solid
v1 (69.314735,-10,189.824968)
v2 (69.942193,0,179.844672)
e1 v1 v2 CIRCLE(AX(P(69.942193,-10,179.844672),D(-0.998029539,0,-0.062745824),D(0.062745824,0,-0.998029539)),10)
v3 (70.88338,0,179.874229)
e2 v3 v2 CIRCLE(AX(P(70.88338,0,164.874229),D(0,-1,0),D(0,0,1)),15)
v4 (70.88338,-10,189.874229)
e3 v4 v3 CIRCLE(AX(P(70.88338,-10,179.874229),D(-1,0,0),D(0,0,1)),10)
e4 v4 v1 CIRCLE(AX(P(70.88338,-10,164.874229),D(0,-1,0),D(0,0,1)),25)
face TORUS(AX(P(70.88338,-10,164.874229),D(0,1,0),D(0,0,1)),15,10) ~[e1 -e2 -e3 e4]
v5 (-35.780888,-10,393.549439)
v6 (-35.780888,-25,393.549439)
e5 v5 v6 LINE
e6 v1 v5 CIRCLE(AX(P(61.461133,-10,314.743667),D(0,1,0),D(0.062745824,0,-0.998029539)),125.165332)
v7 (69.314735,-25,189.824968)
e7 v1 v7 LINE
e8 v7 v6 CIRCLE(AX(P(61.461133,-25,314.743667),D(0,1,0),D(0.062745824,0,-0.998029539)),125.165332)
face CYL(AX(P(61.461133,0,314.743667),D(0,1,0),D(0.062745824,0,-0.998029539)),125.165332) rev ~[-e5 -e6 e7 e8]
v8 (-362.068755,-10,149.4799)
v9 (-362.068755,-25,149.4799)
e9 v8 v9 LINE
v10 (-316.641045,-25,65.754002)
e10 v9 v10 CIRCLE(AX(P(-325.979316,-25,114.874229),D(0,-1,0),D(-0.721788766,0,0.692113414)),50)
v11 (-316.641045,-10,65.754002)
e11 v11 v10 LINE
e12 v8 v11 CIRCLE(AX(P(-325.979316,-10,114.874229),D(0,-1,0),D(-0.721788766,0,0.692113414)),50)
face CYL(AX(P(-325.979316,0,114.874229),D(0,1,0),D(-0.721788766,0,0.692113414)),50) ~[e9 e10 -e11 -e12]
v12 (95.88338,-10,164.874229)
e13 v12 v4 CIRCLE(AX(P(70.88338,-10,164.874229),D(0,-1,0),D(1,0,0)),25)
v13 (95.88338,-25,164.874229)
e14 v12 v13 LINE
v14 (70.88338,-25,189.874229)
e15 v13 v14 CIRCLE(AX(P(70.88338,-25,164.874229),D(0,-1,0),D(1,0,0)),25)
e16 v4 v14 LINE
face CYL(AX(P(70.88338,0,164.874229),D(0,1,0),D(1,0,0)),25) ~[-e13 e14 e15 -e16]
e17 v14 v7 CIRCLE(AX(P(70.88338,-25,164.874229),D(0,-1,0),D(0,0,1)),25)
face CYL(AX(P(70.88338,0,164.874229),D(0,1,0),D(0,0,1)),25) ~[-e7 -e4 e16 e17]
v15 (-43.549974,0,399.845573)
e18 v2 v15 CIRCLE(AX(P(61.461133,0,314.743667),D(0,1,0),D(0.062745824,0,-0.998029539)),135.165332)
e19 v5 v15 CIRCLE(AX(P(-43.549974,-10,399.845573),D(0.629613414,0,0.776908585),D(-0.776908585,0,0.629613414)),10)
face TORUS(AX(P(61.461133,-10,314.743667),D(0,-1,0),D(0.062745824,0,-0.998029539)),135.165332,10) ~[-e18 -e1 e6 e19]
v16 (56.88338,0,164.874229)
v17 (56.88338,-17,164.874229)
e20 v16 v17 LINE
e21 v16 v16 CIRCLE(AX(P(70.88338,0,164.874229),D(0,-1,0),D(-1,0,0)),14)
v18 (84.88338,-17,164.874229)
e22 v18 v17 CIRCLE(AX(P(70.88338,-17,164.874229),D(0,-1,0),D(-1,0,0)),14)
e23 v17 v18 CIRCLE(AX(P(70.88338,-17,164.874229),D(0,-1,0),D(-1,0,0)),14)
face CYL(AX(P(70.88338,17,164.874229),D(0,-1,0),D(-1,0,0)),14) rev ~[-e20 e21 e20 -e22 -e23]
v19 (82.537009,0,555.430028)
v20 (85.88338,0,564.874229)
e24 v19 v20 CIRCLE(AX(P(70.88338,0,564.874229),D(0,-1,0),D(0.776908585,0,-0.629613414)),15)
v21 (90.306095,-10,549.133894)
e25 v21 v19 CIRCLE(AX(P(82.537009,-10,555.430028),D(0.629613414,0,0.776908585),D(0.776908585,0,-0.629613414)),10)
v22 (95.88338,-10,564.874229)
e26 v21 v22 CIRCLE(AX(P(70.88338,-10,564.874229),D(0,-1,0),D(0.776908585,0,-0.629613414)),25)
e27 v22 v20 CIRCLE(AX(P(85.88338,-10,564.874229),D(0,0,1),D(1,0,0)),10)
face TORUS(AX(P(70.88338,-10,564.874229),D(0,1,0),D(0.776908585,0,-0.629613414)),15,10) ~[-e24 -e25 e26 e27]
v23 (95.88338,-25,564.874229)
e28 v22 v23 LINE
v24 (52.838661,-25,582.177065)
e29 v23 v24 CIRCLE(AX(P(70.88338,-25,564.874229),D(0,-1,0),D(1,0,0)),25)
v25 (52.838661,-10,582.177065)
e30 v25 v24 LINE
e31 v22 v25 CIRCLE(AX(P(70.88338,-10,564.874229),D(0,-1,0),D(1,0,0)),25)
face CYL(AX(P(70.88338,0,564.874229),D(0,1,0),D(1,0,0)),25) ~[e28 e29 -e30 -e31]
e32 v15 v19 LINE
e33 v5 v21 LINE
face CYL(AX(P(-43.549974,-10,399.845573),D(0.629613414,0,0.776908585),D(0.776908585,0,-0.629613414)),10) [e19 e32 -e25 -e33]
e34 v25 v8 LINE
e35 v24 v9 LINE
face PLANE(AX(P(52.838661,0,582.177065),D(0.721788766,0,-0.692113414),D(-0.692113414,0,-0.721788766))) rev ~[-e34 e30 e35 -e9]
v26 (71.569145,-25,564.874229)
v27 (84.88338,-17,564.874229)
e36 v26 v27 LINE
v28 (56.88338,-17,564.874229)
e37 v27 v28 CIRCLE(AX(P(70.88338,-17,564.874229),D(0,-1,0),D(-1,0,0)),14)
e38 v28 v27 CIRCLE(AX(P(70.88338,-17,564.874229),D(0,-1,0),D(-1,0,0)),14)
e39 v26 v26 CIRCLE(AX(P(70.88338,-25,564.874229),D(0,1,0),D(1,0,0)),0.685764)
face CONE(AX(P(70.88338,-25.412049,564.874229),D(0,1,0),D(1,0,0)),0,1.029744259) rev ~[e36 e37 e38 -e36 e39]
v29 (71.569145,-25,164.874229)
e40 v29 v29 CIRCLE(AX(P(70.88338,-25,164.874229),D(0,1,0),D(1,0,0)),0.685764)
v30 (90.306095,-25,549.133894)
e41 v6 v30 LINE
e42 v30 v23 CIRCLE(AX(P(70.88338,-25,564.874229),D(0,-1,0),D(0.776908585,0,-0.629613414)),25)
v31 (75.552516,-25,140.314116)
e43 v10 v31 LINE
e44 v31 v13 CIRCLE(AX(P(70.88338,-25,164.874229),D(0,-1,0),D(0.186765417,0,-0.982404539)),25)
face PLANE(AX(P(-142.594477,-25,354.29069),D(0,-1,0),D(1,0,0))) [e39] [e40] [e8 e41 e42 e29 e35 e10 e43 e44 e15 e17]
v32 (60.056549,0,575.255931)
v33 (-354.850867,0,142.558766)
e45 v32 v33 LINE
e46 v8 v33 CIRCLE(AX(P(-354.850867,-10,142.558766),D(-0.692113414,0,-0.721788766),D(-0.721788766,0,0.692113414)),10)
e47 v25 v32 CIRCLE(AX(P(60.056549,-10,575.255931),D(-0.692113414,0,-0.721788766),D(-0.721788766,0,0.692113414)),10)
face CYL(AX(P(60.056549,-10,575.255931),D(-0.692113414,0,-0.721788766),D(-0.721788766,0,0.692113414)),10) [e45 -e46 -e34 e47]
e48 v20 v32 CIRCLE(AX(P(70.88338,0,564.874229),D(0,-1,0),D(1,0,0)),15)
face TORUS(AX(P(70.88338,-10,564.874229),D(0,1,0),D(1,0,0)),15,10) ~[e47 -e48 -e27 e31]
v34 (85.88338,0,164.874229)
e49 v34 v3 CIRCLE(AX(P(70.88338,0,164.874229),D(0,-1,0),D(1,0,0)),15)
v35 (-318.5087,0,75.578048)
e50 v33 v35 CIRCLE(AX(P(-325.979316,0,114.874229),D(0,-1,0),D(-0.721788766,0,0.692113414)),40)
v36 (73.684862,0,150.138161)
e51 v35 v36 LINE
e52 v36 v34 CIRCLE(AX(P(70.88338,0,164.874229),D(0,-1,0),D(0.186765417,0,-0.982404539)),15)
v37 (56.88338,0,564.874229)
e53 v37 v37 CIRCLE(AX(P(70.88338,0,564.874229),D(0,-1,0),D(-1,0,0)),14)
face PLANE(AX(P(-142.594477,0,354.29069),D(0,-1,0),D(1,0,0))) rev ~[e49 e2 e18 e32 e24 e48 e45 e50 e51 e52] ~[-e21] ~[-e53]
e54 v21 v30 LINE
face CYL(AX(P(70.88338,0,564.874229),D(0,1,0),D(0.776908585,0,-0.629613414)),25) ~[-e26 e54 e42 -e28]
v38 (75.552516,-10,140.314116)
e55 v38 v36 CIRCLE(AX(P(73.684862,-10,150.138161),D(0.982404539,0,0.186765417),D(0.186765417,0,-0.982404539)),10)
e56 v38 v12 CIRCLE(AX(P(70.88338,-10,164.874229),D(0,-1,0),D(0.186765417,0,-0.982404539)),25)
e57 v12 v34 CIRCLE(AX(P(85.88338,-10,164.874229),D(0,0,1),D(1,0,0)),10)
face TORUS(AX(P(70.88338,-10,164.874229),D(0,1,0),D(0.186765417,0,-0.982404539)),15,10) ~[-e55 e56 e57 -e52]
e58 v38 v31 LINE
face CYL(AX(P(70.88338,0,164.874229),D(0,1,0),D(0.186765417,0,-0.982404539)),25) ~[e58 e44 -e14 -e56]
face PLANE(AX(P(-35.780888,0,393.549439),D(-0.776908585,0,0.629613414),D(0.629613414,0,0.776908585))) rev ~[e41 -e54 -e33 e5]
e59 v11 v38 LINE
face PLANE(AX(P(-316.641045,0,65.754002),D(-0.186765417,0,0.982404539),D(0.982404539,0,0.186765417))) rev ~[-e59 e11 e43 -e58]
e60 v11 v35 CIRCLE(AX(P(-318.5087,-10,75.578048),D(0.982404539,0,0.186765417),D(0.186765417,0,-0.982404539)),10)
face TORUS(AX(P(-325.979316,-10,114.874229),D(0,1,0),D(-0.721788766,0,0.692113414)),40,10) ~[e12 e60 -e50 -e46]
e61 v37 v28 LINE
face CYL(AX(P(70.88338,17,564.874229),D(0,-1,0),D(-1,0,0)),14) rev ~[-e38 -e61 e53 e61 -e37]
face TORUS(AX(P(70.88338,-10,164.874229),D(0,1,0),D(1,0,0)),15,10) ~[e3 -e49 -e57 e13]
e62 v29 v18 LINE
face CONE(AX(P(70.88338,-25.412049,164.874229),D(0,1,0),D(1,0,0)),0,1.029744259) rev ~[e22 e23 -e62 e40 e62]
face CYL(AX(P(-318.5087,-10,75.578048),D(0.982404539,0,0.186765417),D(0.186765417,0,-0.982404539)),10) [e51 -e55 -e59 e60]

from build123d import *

# Parameters (mm, degrees)
F1_DEPTH = 25
F2_D     = 28
F2_DEPTH = 17
F2_TIP   = 8.4120486664
F3_D     = 28
F3_DEPTH = 17
F3_TIP   = 8.4120486664
F4_R     = 10
F5_DEPTH = 25


with BuildPart() as f1:
    # F0 (on Front) → F1 (new body)
    with BuildSketch(Plane.XZ):
        with BuildLine():
            Line((-279.2028378171, 167.9137703829), (54.3474347586, 546.1242293713))
            ThreePointArc((54.3474347586, 546.1242293713), (45.905243427, 563.8289204578), (52.8386613021, 582.1770647105))
            Line((52.8386613021, 582.1770647105), (-362.0687545083, 149.4799000496))
            ThreePointArc((-362.0687545083, 149.4799000496), (-347.0310263397, 160.2264674692), (-329.1166074138, 164.7757063423))
            Line((-329.1166074138, 164.7757063423), (-279.2028378171, 167.9137703829))
        make_face()
        with BuildLine():
            ThreePointArc((70.8833804527, 539.8742293713), (62.0445456879, 541.488870704), (54.3474347586, 546.1242293713))
            Line((54.3474347586, 546.1242293713), (-279.2028378171, 167.9137703829))
            Line((-279.2028378171, 167.9137703829), (-215.3865282422, 171.9258830303))
            Line((-215.3865282422, 171.9258830303), (-35.7808883073, 393.5494389695))
            Line((-35.7808883073, 393.5494389695), (70.8833804527, 525.16732437))
            Line((70.8833804527, 525.16732437), (70.8833804527, 539.8742293713))
        make_face()
        with BuildLine():
            Line((-215.3865282422, 171.9258830303), (-279.2028378171, 167.9137703829))
            Line((-279.2028378171, 167.9137703829), (-292.9074248186, 152.3742293713))
            ThreePointArc((-292.9074248186, 152.3742293713), (-281.7851423828, 138.2595880387), (-276.3714791245, 121.1242293713))
            Line((-276.3714791245, 121.1242293713), (-254.3034374995, 123.904541279))
            Line((-254.3034374995, 123.904541279), (-215.3865282422, 171.9258830303))
        make_face()
        with BuildLine():
            Line((-35.7808883073, 393.5494389695), (-215.3865282422, 171.9258830303))
            Line((-215.3865282422, 171.9258830303), (69.3147348493, 189.8249678568))
            ThreePointArc((69.3147348493, 189.8249678568), (-49.7750455866, 257.3601064033), (-35.7808883073, 393.5494389695))
        make_face()
        with BuildLine():
            Line((54.3474347586, 546.1242293713), (61.788610321, 554.5617293713))
            ThreePointArc((61.788610321, 554.5617293713), (65.226110321, 577.4064995031), (84.6333804527, 564.8742293713))
            ThreePointArc((84.6333804527, 564.8742293713), (80.6060986941, 555.15151113), (70.8833804527, 551.1242293713))
            Line((70.8833804527, 551.1242293713), (70.8833804527, 539.8742293713))
            ThreePointArc((70.8833804527, 539.8742293713), (81.64190304, 542.3075683037), (90.3060950779, 549.1338940322))
            ThreePointArc((90.3060950779, 549.1338940322), (94.4478437994, 556.5246145787), (95.8833804527, 564.8742293713))
            ThreePointArc((95.8833804527, 564.8742293713), (80.2075968068, 588.0703279524), (52.8386613021, 582.1770647105))
            ThreePointArc((52.8386613021, 582.1770647105), (45.905243427, 563.8289204578), (54.3474347586, 546.1242293713))
        make_face()
        with BuildLine():
            ThreePointArc((70.8833804527, 551.1242293713), (66.0220213321, 552.0122821043), (61.788610321, 554.5617293713))
            Line((61.788610321, 554.5617293713), (54.3474347586, 546.1242293713))
            ThreePointArc((54.3474347586, 546.1242293713), (62.0445456879, 541.488870704), (70.8833804527, 539.8742293713))
            Line((70.8833804527, 539.8742293713), (70.8833804527, 551.1242293713))
        make_face()
        with BuildLine():
            Line((70.8833804527, 551.1242293713), (70.8833804527, 564.8742293713))
            Line((70.8833804527, 564.8742293713), (61.788610321, 554.5617293713))
            ThreePointArc((61.788610321, 554.5617293713), (66.0220213321, 552.0122821043), (70.8833804527, 551.1242293713))
        make_face()
        with BuildLine():
            Line((61.788610321, 554.5617293713), (70.8833804527, 564.8742293713))
            Line((70.8833804527, 564.8742293713), (70.8833804527, 551.1242293713))
            ThreePointArc((70.8833804527, 551.1242293713), (80.6060986941, 555.15151113), (84.6333804527, 564.8742293713))
            ThreePointArc((84.6333804527, 564.8742293713), (65.226110321, 577.4064995031), (61.788610321, 554.5617293713))
        make_face()
        with BuildLine():
            Line((69.3147348493, 189.8249678568), (-215.3865282422, 171.9258830303))
            Line((-215.3865282422, 171.9258830303), (-254.3034374995, 123.904541279))
            Line((-254.3034374995, 123.904541279), (46.0794619115, 161.7492293713))
            ThreePointArc((46.0794619115, 161.7492293713), (51.6235827444, 180.8134951083), (69.3147348493, 189.8249678568))
        make_face()
        with BuildLine():
            Line((-325.9793162069, 114.8742293713), (-306.136181374, 137.3742293713))
            ThreePointArc((-306.136181374, 137.3742293713), (-353.3224510399, 102.5310945383), (-295.9793162069, 114.8742293713))
            ThreePointArc((-295.9793162069, 114.8742293713), (-296.0381984298, 116.7529167476), (-296.2146139575, 118.6242293713))
            Line((-296.2146139575, 118.6242293713), (-325.9793162069, 114.8742293713))
        make_face()
        with BuildLine():
            Line((-306.136181374, 137.3742293713), (-292.9074248186, 152.3742293713))
            ThreePointArc((-292.9074248186, 152.3742293713), (-309.7784140786, 162.1767744427), (-329.1166074138, 164.7757063423))
            ThreePointArc((-329.1166074138, 164.7757063423), (-347.0310263397, 160.2264674692), (-362.0687545083, 149.4799000496))
            ThreePointArc((-362.0687545083, 149.4799000496), (-369.9271571596, 91.0291612104), (-316.6410453648, 65.7540024004))
            ThreePointArc((-316.6410453648, 65.7540024004), (-300.3237958419, 71.9580986651), (-287.1338869566, 83.3935586931))
            ThreePointArc((-287.1338869566, 83.3935586931), (-278.8503895137, 98.1749997861), (-275.9793162069, 114.8742293713))
            ThreePointArc((-275.9793162069, 114.8742293713), (-276.0774532451, 118.0053749985), (-276.3714791245, 121.1242293713))
            Line((-276.3714791245, 121.1242293713), (-296.2146139575, 118.6242293713))
            ThreePointArc((-296.2146139575, 118.6242293713), (-296.0381984298, 116.7529167476), (-295.9793162069, 114.8742293713))
            ThreePointArc((-295.9793162069, 114.8742293713), (-353.3224510399, 102.5310945383), (-306.136181374, 137.3742293713))
        make_face()
        with BuildLine():
            ThreePointArc((-276.3714791245, 121.1242293713), (-281.7851423828, 138.2595880387), (-292.9074248186, 152.3742293713))
            Line((-292.9074248186, 152.3742293713), (-306.136181374, 137.3742293713))
            ThreePointArc((-306.136181374, 137.3742293713), (-299.4628119124, 128.9054445717), (-296.2146139575, 118.6242293713))
            Line((-296.2146139575, 118.6242293713), (-276.3714791245, 121.1242293713))
        make_face()
        with BuildLine():
            Line((-292.9074248186, 152.3742293713), (-279.2028378171, 167.9137703829))
            Line((-279.2028378171, 167.9137703829), (-329.1166074138, 164.7757063423))
            ThreePointArc((-329.1166074138, 164.7757063423), (-309.7784140786, 162.1767744427), (-292.9074248186, 152.3742293713))
        make_face()
        with BuildLine():
            Line((-254.3034374995, 123.904541279), (-276.3714791245, 121.1242293713))
            ThreePointArc((-276.3714791245, 121.1242293713), (-276.0774532451, 118.0053749985), (-275.9793162069, 114.8742293713))
            ThreePointArc((-275.9793162069, 114.8742293713), (-278.8503895137, 98.1749997861), (-287.1338869566, 83.3935586931))
            Line((-287.1338869566, 83.3935586931), (-254.3034374995, 123.904541279))
        make_face()
        with BuildLine():
            Line((46.0794619115, 161.7492293713), (-254.3034374995, 123.904541279))
            Line((-254.3034374995, 123.904541279), (-287.1338869566, 83.3935586931))
            ThreePointArc((-287.1338869566, 83.3935586931), (-300.3237958419, 71.9580986651), (-316.6410453648, 65.7540024004))
            Line((-316.6410453648, 65.7540024004), (75.5525158738, 140.3141158858))
            ThreePointArc((75.5525158738, 140.3141158858), (56.1790139122, 144.6558811539), (46.0794619115, 161.7492293713))
        make_face()
        with BuildLine():
            ThreePointArc((-296.2146139575, 118.6242293713), (-299.4628119124, 128.9054445717), (-306.136181374, 137.3742293713))
            Line((-306.136181374, 137.3742293713), (-325.9793162069, 114.8742293713))
            Line((-325.9793162069, 114.8742293713), (-296.2146139575, 118.6242293713))
        make_face()
        with BuildLine():
            ThreePointArc((70.8833804527, 189.8742293713), (70.098670996, 189.8619109578), (69.3147348493, 189.8249678568))
            ThreePointArc((69.3147348493, 189.8249678568), (51.6235827444, 180.8134951083), (46.0794619115, 161.7492293713))
            Line((46.0794619115, 161.7492293713), (57.2412252551, 163.1554793713))
            ThreePointArc((57.2412252551, 163.1554793713), (60.5708804527, 173.9689995031), (70.8833804527, 178.6242293713))
            Line((70.8833804527, 178.6242293713), (70.8833804527, 189.8742293713))
        make_face()
        with BuildLine():
            ThreePointArc((70.8833804527, 178.6242293713), (60.5708804527, 173.9689995031), (57.2412252551, 163.1554793713))
            Line((57.2412252551, 163.1554793713), (70.8833804527, 164.8742293713))
            Line((70.8833804527, 164.8742293713), (70.8833804527, 178.6242293713))
        make_face()
        with BuildLine():
            Line((70.8833804527, 164.8742293713), (57.2412252551, 163.1554793713))
            ThreePointArc((57.2412252551, 163.1554793713), (71.7444455002, 151.1512170568), (84.6333804527, 164.8742293713))
            ThreePointArc((84.6333804527, 164.8742293713), (80.6060986941, 174.5969476126), (70.8833804527, 178.6242293713))
            Line((70.8833804527, 178.6242293713), (70.8833804527, 164.8742293713))
        make_face()
        with BuildLine():
            Line((57.2412252551, 163.1554793713), (46.0794619115, 161.7492293713))
            ThreePointArc((46.0794619115, 161.7492293713), (56.1790139122, 144.6558811539), (75.5525158738, 140.3141158858))
            ThreePointArc((75.5525158738, 140.3141158858), (90.1412150341, 148.9325918382), (95.8833804527, 164.8742293713))
            ThreePointArc((95.8833804527, 164.8742293713), (88.5610499824, 182.551898901), (70.8833804527, 189.8742293713))
            Line((70.8833804527, 189.8742293713), (70.8833804527, 178.6242293713))
            ThreePointArc((70.8833804527, 178.6242293713), (80.6060986941, 174.5969476126), (84.6333804527, 164.8742293713))
            ThreePointArc((84.6333804527, 164.8742293713), (71.7444455002, 151.1512170568), (57.2412252551, 163.1554793713))
        make_face()
        with BuildLine():
            ThreePointArc((90.3060950779, 549.1338940322), (81.64190304, 542.3075683037), (70.8833804527, 539.8742293713))
            Line((70.8833804527, 539.8742293713), (70.8833804527, 525.16732437))
            Line((70.8833804527, 525.16732437), (90.3060950779, 549.1338940322))
        make_face()
    extrude(amount=F1_DEPTH)

    # F2
    with Locations(Plane(origin=(0, 0, 0), x_dir=(1, 0, 0), z_dir=(0, 1, 0))):
        with Locations((70.8833804527, -564.8742293713)):
            Hole(F2_D / 2, depth=F2_DEPTH)
            with Locations((0, 0, -(F2_DEPTH + F2_TIP / 2))):  # 118° drill point
                Cone(0, F2_D / 2, F2_TIP, mode=Mode.SUBTRACT)

    # F3
    with Locations(Plane(origin=(0, 0, 0), x_dir=(1, 0, 0), z_dir=(0, 1, 0))):
        with Locations((70.8833804527, -164.8742293713)):
            Hole(F3_D / 2, depth=F3_DEPTH)
            with Locations((0, 0, -(F3_DEPTH + F3_TIP / 2))):  # 118° drill point
                Cone(0, F3_D / 2, F3_TIP, mode=Mode.SUBTRACT)

    # F4
    f4_edges = [f1.edges().sort_by_distance(p)[0] for p in [
        (-49.775046, 0, 257.360106),
        (95.687299, 0, 167.999229),
    ]]
    fillet(f4_edges, radius=F4_R)

    # F0 (on Front) → F5 (join)
    with BuildSketch(Plane.XZ):
        with BuildLine():
            Line((-325.9793162069, 114.8742293713), (-306.136181374, 137.3742293713))
            ThreePointArc((-306.136181374, 137.3742293713), (-353.3224510399, 102.5310945383), (-295.9793162069, 114.8742293713))
            ThreePointArc((-295.9793162069, 114.8742293713), (-296.0381984298, 116.7529167476), (-296.2146139575, 118.6242293713))
            Line((-296.2146139575, 118.6242293713), (-325.9793162069, 114.8742293713))
        make_face()
        with BuildLine():
            ThreePointArc((-296.2146139575, 118.6242293713), (-299.4628119124, 128.9054445717), (-306.136181374, 137.3742293713))
            Line((-306.136181374, 137.3742293713), (-325.9793162069, 114.8742293713))
            Line((-325.9793162069, 114.8742293713), (-296.2146139575, 118.6242293713))
        make_face()
    extrude(amount=F5_DEPTH)


solid = f1.part
